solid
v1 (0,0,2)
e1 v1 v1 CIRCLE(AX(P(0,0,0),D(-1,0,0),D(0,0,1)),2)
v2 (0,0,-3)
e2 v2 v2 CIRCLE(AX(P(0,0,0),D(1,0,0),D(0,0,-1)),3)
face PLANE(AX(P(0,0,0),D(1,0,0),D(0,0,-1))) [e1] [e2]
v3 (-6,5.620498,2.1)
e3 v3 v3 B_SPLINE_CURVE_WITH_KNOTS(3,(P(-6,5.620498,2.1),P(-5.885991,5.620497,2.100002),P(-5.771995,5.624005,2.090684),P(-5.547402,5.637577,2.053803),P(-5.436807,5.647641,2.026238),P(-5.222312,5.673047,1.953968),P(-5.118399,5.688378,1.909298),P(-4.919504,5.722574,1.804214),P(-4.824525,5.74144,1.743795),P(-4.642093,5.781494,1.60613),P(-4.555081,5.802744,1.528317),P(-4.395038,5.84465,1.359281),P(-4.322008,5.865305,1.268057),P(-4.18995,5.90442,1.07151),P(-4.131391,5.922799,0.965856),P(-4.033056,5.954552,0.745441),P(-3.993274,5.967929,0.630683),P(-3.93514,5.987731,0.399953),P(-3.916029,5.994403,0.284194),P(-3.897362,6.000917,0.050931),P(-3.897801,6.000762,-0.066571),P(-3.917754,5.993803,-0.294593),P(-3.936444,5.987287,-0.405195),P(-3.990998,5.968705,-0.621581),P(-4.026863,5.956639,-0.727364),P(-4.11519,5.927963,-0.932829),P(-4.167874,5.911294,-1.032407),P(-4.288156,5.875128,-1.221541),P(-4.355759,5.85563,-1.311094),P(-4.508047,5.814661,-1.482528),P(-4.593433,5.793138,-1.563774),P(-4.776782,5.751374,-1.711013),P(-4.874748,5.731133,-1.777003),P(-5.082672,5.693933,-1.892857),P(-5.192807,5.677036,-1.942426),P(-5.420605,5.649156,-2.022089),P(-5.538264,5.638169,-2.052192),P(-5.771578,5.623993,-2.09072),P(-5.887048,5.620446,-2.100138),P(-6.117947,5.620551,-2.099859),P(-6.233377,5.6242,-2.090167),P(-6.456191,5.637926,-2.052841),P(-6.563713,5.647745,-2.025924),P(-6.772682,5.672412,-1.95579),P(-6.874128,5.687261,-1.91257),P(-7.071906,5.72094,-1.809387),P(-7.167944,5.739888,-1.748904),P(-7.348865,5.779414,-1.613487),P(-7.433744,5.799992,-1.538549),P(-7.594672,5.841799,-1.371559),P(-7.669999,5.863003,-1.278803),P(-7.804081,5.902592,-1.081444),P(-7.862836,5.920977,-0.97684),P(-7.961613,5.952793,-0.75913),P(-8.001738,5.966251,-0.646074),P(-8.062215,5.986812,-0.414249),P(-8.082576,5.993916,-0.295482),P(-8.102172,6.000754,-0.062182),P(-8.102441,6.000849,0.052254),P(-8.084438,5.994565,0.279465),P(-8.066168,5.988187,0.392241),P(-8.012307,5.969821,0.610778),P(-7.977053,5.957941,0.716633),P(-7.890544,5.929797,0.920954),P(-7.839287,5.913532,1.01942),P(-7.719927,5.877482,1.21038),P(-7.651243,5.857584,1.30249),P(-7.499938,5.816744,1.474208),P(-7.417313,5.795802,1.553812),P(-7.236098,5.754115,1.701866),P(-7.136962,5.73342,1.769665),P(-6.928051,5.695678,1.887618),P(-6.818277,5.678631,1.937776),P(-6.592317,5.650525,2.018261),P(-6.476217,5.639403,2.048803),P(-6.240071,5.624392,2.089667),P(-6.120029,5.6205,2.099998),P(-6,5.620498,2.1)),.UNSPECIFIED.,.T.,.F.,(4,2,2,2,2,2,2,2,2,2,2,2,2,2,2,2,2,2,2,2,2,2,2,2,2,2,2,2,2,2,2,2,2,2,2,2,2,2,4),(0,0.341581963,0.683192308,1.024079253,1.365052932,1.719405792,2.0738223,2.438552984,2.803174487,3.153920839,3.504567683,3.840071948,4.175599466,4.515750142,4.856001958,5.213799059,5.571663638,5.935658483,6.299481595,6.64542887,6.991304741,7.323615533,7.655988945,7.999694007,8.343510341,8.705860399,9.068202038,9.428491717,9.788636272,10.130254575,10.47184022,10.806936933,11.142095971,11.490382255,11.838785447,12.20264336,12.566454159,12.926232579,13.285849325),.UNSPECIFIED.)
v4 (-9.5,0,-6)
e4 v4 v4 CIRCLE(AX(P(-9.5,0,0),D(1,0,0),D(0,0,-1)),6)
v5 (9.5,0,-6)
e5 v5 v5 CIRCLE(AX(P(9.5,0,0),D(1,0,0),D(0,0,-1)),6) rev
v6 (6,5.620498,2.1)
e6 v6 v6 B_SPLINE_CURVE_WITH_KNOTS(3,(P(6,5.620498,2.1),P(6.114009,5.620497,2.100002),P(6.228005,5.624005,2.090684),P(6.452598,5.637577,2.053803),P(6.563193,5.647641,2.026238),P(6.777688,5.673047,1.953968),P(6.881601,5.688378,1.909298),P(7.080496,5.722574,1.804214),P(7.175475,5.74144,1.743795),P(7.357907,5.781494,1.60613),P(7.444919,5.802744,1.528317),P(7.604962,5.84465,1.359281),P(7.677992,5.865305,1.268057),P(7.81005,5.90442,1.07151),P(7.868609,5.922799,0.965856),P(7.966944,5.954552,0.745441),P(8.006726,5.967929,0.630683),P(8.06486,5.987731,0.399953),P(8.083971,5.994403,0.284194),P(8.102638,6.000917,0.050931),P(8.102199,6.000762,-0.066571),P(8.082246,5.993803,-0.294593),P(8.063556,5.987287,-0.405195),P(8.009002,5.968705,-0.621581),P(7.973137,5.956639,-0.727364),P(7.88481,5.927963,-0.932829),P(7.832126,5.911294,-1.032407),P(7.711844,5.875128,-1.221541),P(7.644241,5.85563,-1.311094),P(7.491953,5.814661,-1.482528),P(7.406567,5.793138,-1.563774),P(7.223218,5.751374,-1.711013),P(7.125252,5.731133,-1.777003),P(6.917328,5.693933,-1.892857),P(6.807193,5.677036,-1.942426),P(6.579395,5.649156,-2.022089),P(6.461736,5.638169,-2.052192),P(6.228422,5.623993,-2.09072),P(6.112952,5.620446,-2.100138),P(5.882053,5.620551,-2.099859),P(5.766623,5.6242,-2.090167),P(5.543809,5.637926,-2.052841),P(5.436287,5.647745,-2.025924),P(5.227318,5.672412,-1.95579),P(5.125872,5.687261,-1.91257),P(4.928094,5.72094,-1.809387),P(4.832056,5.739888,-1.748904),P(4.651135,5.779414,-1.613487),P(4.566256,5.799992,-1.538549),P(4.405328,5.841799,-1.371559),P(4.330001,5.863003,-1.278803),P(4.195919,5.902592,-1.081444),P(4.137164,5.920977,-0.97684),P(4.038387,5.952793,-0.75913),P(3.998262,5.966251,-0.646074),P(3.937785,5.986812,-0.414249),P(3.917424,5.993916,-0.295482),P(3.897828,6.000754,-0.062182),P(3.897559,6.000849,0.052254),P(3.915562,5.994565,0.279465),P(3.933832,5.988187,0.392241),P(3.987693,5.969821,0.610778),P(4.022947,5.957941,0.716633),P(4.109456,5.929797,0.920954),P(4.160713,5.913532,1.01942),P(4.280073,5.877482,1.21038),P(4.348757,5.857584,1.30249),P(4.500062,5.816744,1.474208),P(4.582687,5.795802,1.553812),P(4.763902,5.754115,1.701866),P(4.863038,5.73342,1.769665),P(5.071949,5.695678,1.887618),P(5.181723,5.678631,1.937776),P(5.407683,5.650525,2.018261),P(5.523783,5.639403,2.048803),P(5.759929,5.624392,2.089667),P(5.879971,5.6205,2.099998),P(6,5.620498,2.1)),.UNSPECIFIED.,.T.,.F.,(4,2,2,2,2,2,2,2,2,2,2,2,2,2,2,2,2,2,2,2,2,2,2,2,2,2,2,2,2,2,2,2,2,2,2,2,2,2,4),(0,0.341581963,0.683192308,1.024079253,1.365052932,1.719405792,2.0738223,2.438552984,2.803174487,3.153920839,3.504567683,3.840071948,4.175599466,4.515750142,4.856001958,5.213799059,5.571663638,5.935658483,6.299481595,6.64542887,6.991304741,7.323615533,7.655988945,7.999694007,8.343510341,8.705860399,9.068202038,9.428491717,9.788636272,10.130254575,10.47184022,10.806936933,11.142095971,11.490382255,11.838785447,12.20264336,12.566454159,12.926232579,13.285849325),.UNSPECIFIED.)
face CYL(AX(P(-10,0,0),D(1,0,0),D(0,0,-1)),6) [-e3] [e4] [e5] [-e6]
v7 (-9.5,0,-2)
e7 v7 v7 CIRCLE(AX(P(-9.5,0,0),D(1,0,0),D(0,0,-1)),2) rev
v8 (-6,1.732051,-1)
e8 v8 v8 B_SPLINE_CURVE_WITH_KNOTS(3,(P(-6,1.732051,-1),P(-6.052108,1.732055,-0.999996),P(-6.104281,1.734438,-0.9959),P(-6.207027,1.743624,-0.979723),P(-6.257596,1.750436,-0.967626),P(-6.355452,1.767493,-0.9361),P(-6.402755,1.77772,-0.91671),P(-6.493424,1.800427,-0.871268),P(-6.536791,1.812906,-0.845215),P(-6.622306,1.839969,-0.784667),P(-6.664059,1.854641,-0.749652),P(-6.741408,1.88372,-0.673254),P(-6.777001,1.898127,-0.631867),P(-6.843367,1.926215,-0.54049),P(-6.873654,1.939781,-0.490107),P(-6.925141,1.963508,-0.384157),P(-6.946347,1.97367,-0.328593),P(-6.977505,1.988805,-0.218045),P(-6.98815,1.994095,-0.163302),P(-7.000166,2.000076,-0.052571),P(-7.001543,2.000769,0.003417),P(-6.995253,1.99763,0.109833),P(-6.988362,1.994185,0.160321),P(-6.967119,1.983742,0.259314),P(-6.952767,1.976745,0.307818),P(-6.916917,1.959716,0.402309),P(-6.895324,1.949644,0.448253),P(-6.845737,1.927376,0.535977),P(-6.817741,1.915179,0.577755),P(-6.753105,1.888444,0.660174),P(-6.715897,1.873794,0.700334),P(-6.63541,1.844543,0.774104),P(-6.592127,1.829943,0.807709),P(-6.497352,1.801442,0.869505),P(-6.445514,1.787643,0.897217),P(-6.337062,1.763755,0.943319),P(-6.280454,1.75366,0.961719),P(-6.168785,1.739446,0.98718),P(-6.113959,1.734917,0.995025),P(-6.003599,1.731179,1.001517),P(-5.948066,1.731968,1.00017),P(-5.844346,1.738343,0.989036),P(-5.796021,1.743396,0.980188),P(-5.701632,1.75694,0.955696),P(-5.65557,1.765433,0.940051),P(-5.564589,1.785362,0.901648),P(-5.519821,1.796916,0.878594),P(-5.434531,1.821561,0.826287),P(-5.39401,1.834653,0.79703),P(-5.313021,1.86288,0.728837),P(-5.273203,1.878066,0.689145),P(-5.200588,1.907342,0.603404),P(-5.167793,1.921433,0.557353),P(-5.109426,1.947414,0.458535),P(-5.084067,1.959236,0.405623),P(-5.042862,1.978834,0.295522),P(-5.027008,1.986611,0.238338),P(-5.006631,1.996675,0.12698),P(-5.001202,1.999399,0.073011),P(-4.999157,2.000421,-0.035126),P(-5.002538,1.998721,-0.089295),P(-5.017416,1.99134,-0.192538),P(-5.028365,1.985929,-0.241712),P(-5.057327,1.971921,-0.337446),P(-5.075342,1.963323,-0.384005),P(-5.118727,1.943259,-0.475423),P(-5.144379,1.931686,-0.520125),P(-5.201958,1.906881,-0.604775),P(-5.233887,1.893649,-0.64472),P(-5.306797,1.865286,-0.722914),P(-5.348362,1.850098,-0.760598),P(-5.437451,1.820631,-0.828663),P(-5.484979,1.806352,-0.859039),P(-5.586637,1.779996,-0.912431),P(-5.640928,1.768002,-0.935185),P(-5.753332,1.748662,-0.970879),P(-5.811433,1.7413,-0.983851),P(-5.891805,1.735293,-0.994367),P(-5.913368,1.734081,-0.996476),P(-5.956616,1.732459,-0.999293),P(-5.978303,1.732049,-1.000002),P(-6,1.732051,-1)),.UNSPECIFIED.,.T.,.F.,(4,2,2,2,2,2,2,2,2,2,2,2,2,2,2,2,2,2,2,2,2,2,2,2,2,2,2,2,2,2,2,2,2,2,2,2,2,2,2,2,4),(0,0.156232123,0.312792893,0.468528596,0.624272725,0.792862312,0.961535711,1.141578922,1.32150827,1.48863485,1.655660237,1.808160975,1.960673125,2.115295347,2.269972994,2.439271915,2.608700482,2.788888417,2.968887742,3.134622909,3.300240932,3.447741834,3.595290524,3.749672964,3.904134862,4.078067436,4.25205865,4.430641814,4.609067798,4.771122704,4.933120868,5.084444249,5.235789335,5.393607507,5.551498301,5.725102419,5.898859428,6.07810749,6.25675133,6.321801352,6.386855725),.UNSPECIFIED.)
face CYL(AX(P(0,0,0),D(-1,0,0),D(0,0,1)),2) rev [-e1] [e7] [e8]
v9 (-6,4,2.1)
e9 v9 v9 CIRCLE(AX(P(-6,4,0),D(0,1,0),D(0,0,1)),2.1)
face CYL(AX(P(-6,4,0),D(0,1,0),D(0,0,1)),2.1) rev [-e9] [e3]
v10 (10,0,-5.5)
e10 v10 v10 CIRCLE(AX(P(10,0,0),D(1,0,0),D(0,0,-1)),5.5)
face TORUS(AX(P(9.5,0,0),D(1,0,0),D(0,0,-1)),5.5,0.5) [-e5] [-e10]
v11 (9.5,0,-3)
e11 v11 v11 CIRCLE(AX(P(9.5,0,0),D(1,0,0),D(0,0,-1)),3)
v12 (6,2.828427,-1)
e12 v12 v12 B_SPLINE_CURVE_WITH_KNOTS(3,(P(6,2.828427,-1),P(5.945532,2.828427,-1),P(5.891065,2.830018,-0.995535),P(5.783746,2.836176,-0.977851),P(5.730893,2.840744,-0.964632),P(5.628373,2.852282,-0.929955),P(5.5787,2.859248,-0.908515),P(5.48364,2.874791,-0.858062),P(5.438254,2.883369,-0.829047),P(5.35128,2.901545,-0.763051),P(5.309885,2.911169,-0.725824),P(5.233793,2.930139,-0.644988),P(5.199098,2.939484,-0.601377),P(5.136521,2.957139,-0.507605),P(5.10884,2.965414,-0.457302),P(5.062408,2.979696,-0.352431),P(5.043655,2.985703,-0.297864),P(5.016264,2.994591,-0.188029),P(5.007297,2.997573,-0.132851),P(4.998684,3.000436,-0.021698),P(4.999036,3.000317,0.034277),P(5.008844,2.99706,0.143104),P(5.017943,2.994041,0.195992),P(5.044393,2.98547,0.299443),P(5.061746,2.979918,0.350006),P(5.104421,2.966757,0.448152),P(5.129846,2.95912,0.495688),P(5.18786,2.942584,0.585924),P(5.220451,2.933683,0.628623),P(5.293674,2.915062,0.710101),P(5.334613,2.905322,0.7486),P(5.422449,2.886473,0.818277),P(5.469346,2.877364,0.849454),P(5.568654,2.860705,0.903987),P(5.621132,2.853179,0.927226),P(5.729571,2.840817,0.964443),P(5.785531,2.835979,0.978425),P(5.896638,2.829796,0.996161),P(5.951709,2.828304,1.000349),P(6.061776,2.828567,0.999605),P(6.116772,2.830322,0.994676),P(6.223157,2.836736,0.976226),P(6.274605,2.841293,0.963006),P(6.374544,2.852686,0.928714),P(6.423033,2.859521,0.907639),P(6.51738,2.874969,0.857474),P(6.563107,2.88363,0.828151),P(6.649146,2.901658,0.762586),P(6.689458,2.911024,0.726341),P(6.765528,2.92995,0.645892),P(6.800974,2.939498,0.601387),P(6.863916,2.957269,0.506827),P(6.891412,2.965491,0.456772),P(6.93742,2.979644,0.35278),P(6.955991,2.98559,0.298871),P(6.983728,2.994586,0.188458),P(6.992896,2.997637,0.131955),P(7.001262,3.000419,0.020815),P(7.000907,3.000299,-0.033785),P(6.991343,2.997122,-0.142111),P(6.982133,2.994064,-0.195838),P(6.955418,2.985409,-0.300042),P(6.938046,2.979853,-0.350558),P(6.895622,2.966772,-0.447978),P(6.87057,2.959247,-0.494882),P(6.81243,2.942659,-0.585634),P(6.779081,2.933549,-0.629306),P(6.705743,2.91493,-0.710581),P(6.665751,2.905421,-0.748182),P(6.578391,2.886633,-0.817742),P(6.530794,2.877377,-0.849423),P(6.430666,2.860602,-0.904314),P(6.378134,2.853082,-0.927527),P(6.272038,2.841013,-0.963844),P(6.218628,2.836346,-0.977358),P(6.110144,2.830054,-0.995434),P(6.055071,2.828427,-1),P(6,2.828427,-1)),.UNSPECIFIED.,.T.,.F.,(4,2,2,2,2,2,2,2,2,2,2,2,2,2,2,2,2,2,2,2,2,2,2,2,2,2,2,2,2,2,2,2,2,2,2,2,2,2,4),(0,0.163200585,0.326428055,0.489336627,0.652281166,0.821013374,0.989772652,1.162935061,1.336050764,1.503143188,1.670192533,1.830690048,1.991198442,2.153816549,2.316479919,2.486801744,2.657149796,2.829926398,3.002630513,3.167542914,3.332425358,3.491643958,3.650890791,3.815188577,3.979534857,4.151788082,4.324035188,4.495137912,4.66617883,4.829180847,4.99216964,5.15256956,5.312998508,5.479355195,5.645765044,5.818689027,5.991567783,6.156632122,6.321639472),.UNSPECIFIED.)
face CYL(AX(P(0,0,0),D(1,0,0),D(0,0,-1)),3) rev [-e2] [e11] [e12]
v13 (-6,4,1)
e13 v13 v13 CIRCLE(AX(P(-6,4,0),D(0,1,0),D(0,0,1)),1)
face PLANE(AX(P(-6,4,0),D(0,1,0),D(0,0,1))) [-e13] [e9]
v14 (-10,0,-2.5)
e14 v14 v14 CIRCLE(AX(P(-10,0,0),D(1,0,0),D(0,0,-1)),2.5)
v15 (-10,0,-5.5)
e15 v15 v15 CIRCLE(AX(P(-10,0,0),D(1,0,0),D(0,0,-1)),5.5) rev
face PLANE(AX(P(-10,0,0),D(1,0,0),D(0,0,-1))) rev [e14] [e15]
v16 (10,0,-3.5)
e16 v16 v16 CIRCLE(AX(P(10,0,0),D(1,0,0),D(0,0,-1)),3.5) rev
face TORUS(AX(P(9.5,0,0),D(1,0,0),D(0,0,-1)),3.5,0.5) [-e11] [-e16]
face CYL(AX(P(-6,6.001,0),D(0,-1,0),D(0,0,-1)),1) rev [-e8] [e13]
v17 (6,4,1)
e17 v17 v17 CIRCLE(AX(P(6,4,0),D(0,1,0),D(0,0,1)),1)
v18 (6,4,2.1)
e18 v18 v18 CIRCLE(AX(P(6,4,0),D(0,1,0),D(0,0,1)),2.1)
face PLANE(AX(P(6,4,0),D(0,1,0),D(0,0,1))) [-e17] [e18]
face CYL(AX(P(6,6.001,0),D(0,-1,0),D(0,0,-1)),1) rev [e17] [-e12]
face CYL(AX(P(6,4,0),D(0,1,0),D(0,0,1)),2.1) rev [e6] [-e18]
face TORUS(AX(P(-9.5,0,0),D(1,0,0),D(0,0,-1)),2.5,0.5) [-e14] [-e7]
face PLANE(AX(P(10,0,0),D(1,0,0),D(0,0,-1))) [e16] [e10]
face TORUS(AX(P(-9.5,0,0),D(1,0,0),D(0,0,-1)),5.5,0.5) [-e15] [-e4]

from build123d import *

# Parameters (mm, degrees)
BOSS_EXTRUDE1_DEPTH      = 10
BOSS_EXTRUDE1_DEPTH_BACK = 10
SKETCH1_R                = 6
SKETCH2_R                = 3
CUT_EXTRUDE1_DEPTH       = 10
SKETCH3_R                = 2
CUT_EXTRUDE2_DEPTH       = 10
CUT_EXTRUDE4_REACH       = 15.115
CUT_EXTRUDE4_END_RADIUS  = 6
SKETCH4_R                = 1
FILLET1_R                = 0.5
SKETCH5_R                = 2.1
CUT_EXTRUDE7_DEPTH       = 2


with BuildPart() as part:
    # Sketch1 → Boss-Extrude1 (new, two sides: drawn at the far end of the back side and taken through both)
    with BuildSketch(Plane(origin=(0, 0, 0), x_dir=(0, 0, -1), z_dir=(1, 0, 0)).offset(-BOSS_EXTRUDE1_DEPTH_BACK)):
        Circle(SKETCH1_R)
    extrude(amount=BOSS_EXTRUDE1_DEPTH + BOSS_EXTRUDE1_DEPTH_BACK)

    # Sketch2 → Cut-Extrude1 (cut)
    with BuildSketch(Plane(origin=(10, 0, 0), x_dir=(0, 0, -1), z_dir=(1, 0, 0))):
        Circle(SKETCH2_R)
    extrude(amount=-CUT_EXTRUDE1_DEPTH, mode=Mode.SUBTRACT)

    # Sketch3 → Cut-Extrude2 (cut)
    with BuildSketch(Plane.ZY.offset(10)):
        Circle(SKETCH3_R)
    extrude(amount=-CUT_EXTRUDE2_DEPTH, mode=Mode.SUBTRACT)

    # Cut-Extrude4: up to this cylinder (the profile starts inside it)
    cut_extrude4_end = Plane(origin=(0, 0, 0), z_dir=(1, 0, 0)) * Cylinder(CUT_EXTRUDE4_END_RADIUS, 55.23, mode=Mode.PRIVATE)
    # Sketch4 → Cut-Extrude4 (cut, up to the surface)
    with BuildSketch(Plane(origin=(0, 0, 0), x_dir=(1, 0, 0), z_dir=(0, 1, 0)), mode=Mode.PRIVATE) as cut_extrude4_sk1:
        with Locations(Location((-6, 0, 0), (0, 0, 90))):
            Circle(SKETCH4_R)
    cut_extrude4_tool1 = extrude(cut_extrude4_sk1.sketch, amount=CUT_EXTRUDE4_REACH, mode=Mode.PRIVATE) & cut_extrude4_end
    add(cut_extrude4_tool1.solids().sort_by_distance((-6, 0, 0))[0], mode=Mode.SUBTRACT)
    # Sketch4 → Cut-Extrude4 (cut, up to the surface)
    with BuildSketch(Plane(origin=(0, 0, 0), x_dir=(1, 0, 0), z_dir=(0, 1, 0)), mode=Mode.PRIVATE) as cut_extrude4_sk2:
        with Locations(Location((6, 0, 0), (0, 0, 90))):
            Circle(SKETCH4_R)
    cut_extrude4_tool2 = extrude(cut_extrude4_sk2.sketch, amount=CUT_EXTRUDE4_REACH, mode=Mode.PRIVATE) & cut_extrude4_end
    add(cut_extrude4_tool2.solids().sort_by_distance((6, 0, 0))[0], mode=Mode.SUBTRACT)

    # Fillet1
    fillet1_edges = [part.edges().sort_by_distance(p)[0] for p in [
        (-10, 0, -2),
        (-10, 0, 6),
        (10, 0, 6),
        (10, 0, 3),
    ]]
    fillet(fillet1_edges, radius=FILLET1_R)

    # Sketch5 → Cut-Extrude7 (cut)
    with BuildSketch(Plane(origin=(0, 6, 0), x_dir=(1, 0, 0), z_dir=(0, 1, 0))):
        with Locations(Location((-6, 0, 0), (0, 0, 270))):
            Circle(SKETCH5_R)
        with Locations(Location((6, 0, 0), (0, 0, 270))):
            Circle(SKETCH5_R)
    extrude(amount=-CUT_EXTRUDE7_DEPTH, mode=Mode.SUBTRACT)


solid = part.part
